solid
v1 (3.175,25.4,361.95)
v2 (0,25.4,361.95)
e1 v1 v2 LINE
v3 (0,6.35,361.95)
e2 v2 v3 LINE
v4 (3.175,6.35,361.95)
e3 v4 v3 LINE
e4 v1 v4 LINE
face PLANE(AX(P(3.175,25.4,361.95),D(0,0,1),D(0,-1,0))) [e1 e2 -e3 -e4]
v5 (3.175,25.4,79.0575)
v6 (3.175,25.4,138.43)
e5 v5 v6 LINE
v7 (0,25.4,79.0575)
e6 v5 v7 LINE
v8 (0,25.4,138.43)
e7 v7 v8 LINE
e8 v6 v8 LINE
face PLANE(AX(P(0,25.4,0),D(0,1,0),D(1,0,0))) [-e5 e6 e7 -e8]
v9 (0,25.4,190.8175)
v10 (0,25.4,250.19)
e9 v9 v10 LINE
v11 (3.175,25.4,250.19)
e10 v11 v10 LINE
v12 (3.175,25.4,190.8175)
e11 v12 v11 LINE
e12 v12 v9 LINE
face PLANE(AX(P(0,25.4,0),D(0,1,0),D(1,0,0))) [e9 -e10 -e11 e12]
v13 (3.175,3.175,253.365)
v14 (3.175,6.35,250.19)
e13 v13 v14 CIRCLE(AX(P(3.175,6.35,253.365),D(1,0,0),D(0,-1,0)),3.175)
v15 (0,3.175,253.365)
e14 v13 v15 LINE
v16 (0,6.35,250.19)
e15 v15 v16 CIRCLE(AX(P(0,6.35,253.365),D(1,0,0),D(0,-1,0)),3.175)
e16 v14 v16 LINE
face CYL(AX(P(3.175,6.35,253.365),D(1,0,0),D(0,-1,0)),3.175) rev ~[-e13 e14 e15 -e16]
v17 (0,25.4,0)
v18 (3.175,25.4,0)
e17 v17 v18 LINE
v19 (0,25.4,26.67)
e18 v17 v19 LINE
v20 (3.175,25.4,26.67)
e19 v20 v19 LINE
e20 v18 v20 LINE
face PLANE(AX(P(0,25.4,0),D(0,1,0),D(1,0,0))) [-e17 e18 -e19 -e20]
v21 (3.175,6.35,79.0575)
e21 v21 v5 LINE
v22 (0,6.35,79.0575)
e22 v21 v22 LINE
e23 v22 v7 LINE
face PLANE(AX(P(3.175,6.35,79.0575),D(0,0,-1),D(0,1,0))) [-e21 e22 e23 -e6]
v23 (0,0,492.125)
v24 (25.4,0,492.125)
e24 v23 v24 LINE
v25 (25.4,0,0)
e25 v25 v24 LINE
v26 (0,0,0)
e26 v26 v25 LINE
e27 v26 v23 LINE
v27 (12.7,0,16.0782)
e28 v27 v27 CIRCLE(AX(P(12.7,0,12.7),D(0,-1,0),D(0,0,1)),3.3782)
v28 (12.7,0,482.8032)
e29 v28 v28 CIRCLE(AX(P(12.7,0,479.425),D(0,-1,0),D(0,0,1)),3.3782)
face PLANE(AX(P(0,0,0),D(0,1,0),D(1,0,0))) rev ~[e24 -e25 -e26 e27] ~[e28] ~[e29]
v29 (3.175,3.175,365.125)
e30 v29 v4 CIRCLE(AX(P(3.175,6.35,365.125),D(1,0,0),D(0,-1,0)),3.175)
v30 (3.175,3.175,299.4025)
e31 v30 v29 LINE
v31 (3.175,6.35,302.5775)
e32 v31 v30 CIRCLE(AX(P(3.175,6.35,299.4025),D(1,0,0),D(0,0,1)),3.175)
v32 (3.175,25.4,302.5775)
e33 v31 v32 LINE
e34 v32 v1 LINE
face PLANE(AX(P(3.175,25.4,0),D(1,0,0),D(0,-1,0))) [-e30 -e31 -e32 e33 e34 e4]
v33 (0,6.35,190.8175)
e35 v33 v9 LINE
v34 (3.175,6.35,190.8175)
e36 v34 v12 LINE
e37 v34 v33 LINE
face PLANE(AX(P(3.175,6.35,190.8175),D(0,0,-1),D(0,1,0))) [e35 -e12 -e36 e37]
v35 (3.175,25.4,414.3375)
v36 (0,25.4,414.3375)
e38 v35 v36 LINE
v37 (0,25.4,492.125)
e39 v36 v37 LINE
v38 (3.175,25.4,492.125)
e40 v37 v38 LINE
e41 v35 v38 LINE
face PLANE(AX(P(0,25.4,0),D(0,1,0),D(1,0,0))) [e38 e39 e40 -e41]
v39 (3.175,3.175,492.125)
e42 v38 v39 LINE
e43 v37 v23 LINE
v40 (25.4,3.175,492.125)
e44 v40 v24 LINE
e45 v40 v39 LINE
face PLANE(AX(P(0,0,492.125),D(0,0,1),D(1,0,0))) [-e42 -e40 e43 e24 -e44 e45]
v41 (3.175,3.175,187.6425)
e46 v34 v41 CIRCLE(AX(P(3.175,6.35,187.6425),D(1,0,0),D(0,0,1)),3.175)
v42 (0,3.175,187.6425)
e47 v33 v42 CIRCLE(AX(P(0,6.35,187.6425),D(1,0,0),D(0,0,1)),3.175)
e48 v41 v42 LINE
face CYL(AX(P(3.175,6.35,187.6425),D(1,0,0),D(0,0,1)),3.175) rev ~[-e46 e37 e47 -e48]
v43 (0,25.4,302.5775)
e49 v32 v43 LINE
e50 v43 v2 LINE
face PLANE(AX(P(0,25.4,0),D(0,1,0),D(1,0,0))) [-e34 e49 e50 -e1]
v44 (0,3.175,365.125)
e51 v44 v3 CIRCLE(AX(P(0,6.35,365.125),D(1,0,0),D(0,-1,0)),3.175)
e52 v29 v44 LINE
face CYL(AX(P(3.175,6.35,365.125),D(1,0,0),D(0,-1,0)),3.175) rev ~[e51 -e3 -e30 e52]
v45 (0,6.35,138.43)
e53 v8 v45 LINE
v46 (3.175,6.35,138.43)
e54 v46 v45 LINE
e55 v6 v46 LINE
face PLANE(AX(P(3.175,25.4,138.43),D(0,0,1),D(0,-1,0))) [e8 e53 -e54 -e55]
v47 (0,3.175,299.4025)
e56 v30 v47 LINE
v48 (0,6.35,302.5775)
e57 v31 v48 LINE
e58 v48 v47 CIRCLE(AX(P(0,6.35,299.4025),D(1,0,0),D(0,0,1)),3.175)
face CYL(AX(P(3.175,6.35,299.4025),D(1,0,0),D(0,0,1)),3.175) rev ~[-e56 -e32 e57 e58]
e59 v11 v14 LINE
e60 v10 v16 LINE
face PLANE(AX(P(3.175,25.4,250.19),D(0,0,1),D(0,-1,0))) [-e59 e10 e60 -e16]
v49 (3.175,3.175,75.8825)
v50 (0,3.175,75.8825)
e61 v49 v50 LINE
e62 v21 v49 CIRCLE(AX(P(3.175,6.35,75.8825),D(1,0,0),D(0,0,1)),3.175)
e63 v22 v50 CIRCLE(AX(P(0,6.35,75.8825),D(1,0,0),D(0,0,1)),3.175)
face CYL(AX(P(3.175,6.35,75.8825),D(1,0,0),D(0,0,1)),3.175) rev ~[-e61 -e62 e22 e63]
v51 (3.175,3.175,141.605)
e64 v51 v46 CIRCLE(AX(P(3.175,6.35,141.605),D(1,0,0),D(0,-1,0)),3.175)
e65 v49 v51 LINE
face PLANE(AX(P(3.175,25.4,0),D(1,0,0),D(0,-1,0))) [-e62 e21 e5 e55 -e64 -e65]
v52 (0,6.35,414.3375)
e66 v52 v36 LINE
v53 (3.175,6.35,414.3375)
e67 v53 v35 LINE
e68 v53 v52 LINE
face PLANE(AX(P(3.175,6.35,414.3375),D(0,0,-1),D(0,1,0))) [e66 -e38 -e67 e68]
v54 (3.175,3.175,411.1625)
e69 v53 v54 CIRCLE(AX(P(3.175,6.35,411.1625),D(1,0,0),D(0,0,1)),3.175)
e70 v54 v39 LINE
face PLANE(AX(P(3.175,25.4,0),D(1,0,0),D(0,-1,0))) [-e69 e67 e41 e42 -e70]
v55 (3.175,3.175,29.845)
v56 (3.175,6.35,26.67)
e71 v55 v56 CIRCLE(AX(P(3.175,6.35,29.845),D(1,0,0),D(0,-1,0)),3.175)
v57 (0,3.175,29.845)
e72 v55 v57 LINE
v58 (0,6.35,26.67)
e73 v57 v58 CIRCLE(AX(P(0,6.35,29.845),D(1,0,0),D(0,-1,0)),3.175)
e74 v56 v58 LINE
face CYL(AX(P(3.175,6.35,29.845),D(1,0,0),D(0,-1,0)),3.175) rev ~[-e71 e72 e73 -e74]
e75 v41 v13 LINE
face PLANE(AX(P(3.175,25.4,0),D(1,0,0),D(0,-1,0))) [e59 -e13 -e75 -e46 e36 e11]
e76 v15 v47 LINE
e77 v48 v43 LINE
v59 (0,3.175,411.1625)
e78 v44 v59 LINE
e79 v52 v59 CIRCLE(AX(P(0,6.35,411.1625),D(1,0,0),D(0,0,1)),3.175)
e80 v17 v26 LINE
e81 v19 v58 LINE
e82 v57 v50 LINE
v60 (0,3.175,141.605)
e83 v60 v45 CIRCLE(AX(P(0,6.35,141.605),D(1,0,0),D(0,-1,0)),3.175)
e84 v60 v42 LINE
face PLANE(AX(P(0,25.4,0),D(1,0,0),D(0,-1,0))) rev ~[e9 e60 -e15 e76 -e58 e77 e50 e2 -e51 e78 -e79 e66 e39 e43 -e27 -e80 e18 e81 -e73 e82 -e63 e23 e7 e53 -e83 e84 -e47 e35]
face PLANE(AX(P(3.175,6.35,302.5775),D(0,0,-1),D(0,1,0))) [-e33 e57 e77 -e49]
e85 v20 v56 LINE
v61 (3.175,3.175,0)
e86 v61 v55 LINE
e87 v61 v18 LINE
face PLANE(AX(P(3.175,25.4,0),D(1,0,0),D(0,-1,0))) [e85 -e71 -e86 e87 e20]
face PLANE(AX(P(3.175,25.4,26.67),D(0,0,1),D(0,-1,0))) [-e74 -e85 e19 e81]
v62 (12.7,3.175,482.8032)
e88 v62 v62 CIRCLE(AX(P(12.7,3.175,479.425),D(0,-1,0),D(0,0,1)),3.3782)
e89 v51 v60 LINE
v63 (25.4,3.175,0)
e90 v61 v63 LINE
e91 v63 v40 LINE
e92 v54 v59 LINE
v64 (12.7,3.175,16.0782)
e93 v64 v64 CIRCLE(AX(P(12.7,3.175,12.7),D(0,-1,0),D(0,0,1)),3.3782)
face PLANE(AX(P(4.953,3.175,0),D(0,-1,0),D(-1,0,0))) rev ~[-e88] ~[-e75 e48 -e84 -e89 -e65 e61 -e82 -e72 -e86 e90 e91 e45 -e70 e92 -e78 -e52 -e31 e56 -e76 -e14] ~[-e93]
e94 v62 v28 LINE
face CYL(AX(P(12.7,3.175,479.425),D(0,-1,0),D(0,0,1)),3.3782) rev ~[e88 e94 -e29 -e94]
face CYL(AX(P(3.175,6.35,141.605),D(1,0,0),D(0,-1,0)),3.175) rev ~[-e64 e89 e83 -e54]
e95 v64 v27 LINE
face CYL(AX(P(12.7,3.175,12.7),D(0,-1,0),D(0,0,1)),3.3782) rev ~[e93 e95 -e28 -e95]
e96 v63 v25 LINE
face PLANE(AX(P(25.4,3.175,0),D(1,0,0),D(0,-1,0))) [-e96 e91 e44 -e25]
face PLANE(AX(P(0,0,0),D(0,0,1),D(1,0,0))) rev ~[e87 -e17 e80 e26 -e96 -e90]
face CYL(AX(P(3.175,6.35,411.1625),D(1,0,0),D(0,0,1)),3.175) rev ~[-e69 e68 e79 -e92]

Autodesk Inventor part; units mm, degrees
ref_plane "YZ Plane" through (0, 0, 0) normal (1, 0, 0) x (0, 1, 0)
ref_plane "XZ Plane" through (0, 0, 0) normal (0, 1, 0) x (-1, 0, 0)
ref_plane "XY Plane" through (0, 0, 0) normal (0, 0, 1) x (1, 0, 0)
sketch "Sketch1" plane through (0, 0, 0) normal (0, 0, 1) x (1, 0, 0)
  line L0 (0, 25.4) -> (0, 0)
  line L1 (0, 0) -> (25.4, 0)
  line L2 (3.175, 25.4) -> (3.175, 4.953)
  line L3 (4.953, 3.175) -> (25.4, 3.175)
  line L4 (0, 25.4) -> (3.175, 25.4)
  line L5 (25.4, 3.175) -> (25.4, 0)
  line L6 (3.175, 4.953) -> (3.175, 3.175)
  line L7 (4.953, 3.175) -> (3.175, 3.175)
  dimension "d0" = 25.4
  dimension "d1" = 25.4
  dimension "d2" = 3.175
extrude "Extrusion1" add sketch "Sketch1" along normal blind 492.125
sketch "Sketch2" plane through (3.175, 3.175, 0) normal (0, 1, 0) x (1, 0, 0)
  circle A0 centre (9.525, -479.425) radius 2.8398
  line L0 (22.225, -492.125) -> (0, -492.125) projected
  line L1 (22.225, 0) -> (22.225, -492.125) projected
  circle A1 centre (9.525, -12.7) radius 2.8398
  line L2 (22.225, 0) -> (0, 0) projected
  point P0 (-3.175, 0)
  point P1 (1.778, -492.125)
  point P2 (1.778, 0)
  dimension "d5" = 12.7
  dimension "d6" = 12.7
  dimension "d9" = 466.725
  dimension "d31" = 12.7
hole "Hole1" at (12.7, 3.175, 479.425) at (12.7, 3.175, 12.7) direction (0, -1, 0) diameter 6.7564 depth 25.4 tip angle 118 clearance for "Flat Head Machine Screw (82)" size "1/4" standard "Ansi Unified Screw Threads"
sketch "Sketch22" plane through (3.175, 3.175, 0) normal (1, 0, 0) x (0, 0, -1)
  line L0 (0, 22.225) -> (-492.125, 22.225) projected
  line L1 (0, 0) -> (-492.125, 0) projected
  line L2 (-414.3375, 22.225) -> (-361.95, 22.225)
  line L3 (-361.95, 22.225) -> (-361.95, 3.175)
  line L4 (-365.125, 0) -> (-411.1625, 0)
  line L5 (-414.3375, 3.175) -> (-414.3375, 22.225)
  line L6 (-492.125, 0) -> (-492.125, 22.225) projected
  arc A0 (-414.3375, 3.175) -> (-411.1625, 0) centre (-411.1625, 3.175) ccw
  arc A1 (-365.125, 0) -> (-361.95, 3.175) centre (-365.125, 3.175) ccw
  point P0 (0, -3.175)
  point P1 (-361.95, 0)
  point P2 (-414.3375, 0)
  dimension "d137" = 52.3875
  dimension "d138" = 77.7875
  dimension "d139" = 3.175
extrude "Extrusion11" cut sketch "Sketch22" against normal blind 25.4 contours L3 A1 L1 A0 L5 L0
pattern_linear "Rectangular Pattern1" count 4 spacing 111.76 along (0, 0, -1) of "Extrusion11"
